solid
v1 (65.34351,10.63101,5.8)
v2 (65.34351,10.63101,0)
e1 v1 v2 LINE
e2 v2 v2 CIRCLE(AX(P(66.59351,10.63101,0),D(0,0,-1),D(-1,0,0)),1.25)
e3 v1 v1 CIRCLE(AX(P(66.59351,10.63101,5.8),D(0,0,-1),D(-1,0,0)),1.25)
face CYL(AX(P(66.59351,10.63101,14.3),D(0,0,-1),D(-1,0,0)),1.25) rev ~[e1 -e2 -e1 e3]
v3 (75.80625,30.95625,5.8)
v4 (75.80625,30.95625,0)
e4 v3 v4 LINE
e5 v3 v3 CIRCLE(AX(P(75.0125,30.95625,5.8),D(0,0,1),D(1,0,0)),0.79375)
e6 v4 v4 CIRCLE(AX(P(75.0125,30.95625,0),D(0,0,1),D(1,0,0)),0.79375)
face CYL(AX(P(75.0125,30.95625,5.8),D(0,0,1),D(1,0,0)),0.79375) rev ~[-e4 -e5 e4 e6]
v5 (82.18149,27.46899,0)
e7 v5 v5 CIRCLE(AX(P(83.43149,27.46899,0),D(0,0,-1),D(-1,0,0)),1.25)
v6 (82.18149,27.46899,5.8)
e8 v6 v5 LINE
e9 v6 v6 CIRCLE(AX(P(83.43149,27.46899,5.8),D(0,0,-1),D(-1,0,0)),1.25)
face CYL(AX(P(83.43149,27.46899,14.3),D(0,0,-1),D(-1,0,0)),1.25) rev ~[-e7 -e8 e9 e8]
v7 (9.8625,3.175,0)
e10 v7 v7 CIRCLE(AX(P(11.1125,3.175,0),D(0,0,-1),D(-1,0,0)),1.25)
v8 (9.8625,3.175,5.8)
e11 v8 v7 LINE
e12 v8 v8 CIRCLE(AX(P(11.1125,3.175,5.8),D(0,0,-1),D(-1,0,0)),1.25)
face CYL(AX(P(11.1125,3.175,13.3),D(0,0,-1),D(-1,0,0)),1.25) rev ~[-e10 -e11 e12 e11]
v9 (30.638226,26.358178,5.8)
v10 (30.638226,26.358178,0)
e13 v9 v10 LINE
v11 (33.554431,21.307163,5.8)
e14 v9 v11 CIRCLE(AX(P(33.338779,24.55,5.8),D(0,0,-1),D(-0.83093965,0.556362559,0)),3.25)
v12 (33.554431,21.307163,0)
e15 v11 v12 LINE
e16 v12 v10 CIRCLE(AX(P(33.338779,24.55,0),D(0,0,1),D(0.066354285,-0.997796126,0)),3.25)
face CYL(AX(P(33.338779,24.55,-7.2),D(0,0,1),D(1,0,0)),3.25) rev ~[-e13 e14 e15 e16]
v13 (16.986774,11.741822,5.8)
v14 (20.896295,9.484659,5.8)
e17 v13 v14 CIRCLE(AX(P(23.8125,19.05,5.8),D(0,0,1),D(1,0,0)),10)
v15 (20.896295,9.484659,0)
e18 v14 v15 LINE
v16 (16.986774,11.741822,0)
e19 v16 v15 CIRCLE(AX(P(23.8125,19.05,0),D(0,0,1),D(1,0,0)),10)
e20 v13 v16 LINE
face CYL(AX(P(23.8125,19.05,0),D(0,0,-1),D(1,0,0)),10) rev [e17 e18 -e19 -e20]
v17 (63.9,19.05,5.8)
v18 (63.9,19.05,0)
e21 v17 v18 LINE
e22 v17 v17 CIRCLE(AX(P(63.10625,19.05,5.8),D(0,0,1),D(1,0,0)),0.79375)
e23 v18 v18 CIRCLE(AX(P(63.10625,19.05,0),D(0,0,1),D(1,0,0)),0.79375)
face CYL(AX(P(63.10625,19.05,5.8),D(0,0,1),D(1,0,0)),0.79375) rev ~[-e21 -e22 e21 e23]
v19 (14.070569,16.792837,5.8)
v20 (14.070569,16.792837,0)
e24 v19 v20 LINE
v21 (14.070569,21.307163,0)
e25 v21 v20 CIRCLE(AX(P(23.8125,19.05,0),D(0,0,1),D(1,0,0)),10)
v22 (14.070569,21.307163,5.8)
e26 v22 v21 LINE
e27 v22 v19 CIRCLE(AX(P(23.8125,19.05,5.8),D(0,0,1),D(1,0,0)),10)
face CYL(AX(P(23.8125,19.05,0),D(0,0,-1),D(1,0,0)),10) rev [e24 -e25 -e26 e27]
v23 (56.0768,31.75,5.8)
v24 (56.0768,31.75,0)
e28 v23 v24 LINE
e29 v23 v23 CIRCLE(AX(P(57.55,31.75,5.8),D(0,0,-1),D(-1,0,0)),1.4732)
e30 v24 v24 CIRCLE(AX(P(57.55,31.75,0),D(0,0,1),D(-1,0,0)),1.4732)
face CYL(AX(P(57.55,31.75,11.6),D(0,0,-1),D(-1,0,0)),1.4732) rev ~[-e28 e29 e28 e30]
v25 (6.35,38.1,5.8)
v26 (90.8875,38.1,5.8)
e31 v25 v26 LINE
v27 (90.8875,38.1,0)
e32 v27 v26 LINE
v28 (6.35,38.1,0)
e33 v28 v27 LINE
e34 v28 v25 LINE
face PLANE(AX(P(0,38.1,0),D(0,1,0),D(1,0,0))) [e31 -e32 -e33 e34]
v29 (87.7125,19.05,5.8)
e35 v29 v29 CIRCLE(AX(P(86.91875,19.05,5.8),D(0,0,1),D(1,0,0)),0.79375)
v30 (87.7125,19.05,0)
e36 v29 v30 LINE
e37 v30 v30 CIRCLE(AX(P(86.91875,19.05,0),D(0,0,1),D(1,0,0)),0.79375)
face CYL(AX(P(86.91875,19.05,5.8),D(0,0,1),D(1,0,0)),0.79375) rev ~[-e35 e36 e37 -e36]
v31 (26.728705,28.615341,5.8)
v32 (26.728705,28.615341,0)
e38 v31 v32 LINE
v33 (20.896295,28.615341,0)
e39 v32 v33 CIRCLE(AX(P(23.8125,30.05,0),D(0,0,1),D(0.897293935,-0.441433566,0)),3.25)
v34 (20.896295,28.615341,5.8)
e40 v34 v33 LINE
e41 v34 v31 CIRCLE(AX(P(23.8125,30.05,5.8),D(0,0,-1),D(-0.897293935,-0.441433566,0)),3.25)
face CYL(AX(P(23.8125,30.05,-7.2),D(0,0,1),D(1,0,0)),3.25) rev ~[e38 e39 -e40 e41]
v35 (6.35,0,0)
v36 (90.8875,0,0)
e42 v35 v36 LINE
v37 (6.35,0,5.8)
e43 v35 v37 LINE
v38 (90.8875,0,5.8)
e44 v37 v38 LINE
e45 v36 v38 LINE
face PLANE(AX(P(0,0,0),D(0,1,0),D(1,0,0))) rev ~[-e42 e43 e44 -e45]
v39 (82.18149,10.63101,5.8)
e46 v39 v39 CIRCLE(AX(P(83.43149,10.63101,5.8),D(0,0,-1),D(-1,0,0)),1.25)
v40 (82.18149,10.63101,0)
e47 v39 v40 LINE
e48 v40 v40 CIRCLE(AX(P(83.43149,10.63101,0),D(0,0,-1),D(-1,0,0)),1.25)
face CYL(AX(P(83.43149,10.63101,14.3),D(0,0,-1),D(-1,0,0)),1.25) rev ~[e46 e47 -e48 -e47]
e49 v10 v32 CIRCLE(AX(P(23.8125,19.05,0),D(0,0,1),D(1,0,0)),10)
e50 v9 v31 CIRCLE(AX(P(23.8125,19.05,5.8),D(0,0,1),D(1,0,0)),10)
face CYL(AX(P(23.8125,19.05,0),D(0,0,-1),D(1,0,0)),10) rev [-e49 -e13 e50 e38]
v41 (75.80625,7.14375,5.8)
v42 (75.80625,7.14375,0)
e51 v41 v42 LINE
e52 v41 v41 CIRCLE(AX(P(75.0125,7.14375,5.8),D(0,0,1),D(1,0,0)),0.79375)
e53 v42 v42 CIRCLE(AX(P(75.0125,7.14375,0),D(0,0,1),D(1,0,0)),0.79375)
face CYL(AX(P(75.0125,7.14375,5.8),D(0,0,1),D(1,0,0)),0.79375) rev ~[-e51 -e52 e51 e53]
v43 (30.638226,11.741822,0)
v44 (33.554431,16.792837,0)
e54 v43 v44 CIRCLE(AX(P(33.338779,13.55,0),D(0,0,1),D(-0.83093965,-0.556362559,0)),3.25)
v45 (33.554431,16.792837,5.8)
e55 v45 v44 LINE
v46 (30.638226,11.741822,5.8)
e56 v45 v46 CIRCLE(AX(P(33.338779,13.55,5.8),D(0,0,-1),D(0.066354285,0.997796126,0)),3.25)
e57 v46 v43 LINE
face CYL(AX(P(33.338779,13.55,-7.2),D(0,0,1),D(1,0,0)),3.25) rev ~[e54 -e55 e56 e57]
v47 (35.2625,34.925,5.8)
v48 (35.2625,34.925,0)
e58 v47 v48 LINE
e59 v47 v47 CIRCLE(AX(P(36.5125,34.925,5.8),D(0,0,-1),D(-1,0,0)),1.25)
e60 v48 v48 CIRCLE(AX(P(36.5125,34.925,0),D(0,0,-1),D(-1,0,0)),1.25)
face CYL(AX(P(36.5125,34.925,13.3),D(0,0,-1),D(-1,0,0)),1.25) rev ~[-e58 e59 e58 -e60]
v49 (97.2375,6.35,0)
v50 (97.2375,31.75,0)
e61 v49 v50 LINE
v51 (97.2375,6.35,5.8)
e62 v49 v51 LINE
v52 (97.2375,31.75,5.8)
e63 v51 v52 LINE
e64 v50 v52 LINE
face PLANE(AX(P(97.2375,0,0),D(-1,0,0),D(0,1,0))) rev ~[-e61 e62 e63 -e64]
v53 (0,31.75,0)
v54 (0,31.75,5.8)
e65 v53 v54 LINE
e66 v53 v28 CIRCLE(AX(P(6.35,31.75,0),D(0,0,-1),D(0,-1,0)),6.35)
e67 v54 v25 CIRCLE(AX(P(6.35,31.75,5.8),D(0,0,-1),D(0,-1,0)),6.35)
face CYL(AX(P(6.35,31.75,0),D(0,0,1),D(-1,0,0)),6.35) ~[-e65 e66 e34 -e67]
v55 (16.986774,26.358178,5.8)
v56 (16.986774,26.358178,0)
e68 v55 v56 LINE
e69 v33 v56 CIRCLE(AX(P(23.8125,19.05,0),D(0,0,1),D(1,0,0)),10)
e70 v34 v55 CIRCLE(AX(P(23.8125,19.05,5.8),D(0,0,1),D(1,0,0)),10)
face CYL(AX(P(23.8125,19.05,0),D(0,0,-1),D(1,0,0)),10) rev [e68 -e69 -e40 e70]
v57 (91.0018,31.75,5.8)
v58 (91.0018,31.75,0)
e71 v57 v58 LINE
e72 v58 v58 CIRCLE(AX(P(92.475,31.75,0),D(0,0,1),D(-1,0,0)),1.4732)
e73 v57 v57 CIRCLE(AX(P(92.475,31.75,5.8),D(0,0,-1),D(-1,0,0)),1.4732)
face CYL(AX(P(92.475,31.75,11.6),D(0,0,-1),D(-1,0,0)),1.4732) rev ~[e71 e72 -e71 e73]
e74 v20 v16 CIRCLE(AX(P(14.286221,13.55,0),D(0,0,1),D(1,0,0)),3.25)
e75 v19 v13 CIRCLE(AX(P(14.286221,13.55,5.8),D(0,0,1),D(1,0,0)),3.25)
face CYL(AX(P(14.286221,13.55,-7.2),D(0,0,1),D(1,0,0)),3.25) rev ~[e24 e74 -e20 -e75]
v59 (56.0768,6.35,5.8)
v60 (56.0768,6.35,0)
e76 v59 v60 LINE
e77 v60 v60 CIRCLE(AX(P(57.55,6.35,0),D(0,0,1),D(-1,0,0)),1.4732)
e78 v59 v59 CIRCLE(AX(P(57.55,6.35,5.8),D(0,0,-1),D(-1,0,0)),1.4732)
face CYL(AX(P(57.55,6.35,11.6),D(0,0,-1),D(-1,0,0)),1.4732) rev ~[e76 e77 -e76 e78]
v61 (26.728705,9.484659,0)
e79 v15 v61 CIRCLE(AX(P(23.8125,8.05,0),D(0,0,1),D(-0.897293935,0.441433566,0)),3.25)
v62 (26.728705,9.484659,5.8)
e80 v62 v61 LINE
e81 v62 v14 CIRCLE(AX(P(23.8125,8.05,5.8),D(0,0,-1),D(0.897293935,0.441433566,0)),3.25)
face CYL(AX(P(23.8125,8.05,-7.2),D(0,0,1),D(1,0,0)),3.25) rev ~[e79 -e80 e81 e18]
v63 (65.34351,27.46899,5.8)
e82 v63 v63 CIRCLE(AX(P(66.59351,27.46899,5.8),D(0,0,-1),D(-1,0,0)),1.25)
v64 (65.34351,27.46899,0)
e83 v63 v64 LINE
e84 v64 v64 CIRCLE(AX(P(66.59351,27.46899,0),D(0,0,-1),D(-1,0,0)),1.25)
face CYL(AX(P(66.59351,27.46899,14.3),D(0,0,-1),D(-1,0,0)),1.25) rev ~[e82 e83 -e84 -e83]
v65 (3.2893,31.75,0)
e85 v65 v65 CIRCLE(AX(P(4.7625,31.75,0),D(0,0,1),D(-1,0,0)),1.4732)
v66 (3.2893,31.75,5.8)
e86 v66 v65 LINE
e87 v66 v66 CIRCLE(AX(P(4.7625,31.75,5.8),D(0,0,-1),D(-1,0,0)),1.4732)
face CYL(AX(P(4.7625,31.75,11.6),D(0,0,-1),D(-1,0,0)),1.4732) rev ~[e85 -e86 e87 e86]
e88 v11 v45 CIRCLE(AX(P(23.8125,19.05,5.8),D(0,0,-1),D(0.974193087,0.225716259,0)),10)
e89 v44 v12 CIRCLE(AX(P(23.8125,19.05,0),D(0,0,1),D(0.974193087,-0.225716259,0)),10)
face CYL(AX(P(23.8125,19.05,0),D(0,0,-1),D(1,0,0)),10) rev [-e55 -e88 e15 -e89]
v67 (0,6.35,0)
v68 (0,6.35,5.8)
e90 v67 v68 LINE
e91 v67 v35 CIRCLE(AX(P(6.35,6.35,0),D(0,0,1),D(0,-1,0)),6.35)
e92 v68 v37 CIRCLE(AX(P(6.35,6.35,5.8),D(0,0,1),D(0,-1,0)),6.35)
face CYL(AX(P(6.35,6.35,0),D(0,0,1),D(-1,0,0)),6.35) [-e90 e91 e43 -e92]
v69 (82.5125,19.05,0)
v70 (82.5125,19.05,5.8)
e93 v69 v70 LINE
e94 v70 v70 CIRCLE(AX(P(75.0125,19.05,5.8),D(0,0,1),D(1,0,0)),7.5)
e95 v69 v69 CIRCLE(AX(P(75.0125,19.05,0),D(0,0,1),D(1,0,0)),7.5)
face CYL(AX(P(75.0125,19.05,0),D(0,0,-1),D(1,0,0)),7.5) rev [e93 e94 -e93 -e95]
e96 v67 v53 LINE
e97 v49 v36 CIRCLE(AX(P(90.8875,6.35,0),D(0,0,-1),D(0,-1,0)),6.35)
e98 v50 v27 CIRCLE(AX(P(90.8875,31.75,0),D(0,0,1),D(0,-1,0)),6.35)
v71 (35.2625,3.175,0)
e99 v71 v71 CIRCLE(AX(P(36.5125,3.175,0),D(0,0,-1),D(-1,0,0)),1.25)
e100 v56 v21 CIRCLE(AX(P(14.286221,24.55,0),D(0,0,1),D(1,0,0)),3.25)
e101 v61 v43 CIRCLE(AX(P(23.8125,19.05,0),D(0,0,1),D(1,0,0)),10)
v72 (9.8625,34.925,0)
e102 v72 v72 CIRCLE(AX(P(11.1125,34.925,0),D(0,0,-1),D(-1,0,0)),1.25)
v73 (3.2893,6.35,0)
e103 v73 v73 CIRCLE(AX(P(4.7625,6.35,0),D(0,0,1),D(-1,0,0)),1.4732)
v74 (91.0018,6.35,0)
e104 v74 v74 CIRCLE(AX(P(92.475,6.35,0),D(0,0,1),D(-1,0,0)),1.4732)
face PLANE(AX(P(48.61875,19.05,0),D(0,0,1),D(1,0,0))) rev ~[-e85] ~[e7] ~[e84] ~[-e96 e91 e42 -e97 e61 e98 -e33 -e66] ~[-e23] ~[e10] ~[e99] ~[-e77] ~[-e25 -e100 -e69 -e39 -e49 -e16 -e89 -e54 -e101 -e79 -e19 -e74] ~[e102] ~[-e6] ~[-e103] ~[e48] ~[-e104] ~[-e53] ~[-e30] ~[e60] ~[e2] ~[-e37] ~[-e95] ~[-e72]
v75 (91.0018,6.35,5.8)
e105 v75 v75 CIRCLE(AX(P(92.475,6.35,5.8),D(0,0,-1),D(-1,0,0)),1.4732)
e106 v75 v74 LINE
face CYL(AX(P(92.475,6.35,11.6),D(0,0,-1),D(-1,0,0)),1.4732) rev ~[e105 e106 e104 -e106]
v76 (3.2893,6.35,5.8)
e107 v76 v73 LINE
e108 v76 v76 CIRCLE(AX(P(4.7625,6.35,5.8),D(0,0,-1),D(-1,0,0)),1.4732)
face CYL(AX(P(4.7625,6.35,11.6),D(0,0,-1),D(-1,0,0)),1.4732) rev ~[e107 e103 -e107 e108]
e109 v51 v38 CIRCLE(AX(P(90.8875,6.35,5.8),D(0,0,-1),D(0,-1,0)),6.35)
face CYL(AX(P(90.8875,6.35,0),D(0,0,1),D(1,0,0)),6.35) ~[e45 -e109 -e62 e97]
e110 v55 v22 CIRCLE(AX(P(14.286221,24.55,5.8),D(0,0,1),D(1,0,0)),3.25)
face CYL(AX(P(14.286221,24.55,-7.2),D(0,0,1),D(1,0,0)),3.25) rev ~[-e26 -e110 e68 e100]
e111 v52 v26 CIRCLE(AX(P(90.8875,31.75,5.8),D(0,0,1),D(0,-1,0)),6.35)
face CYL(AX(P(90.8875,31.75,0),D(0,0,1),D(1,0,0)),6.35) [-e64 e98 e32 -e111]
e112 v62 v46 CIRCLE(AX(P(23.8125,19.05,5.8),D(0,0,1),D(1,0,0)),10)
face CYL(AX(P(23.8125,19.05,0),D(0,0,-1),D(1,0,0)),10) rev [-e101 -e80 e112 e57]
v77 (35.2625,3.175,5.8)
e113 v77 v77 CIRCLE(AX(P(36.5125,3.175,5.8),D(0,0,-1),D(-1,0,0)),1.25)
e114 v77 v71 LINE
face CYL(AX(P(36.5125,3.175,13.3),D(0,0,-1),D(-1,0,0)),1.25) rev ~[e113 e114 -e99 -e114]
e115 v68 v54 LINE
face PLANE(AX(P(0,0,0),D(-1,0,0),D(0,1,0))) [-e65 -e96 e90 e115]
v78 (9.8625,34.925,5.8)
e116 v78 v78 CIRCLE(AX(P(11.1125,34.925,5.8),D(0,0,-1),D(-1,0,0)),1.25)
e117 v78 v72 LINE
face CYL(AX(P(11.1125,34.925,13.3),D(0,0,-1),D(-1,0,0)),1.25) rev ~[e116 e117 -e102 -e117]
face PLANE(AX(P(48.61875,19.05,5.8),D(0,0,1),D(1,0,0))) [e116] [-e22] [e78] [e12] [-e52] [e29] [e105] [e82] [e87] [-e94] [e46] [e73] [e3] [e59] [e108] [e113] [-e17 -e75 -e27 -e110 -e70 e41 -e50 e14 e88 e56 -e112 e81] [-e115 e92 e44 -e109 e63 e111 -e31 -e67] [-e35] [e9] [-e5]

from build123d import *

# Parameters (mm, degrees)
SKETCH1_W                      = 97.2375
SKETCH1_H                      = 38.1
SKETCH1_R                      = 7.5
SKETCH1_R_2                    = 10
BOSS_EXTRUDE1_DEPTH            = 5.8
CBORE_FOR_M3_SHCS1_D           = 3.2
CBORE_FOR_M3_SHCS1_CBORE_D     = 6.5
CBORE_FOR_M3_SHCS1_CBORE_DEPTH = 13
FILLET1_R                      = 6.35
F_4_CLEARANCE_HOLE1_D          = 2.9464
F_4_CLEARANCE_HOLE1_DEPTH      = 5.8
F_4_CLEARANCE_HOLE1_TIP        = 0.885187864
M3X0_5_TAPPED_HOLE1_D          = 2.5
M3X0_5_TAPPED_HOLE1_DEPTH      = 7.5
M3X0_5_TAPPED_HOLE1_TIP        = 0.751075774
M3X0_5_TAPPED_HOLE2_D          = 2.5
M3X0_5_TAPPED_HOLE2_DEPTH      = 8.5
M3X0_5_TAPPED_HOLE2_TIP        = 0.751075774
SKETCH17_R                     = 0.79375
CUT_EXTRUDE3_DEPTH             = 105.596278166


with BuildPart() as part:
    # Sketch1 → Boss-Extrude1 (new body)
    with BuildSketch(Plane.XY):
        with Locations((48.61875, 19.05)):
            Rectangle(SKETCH1_W, SKETCH1_H)
        with Locations((75.0125, 19.05)):
            Circle(SKETCH1_R, mode=Mode.SUBTRACT)
        with Locations((23.8125, 19.05)):
            Circle(SKETCH1_R_2, mode=Mode.SUBTRACT)
    extrude(amount=BOSS_EXTRUDE1_DEPTH)

    # CBORE for M3 SHCS1 (through all)
    with Locations(Plane.XY.offset(5.8)):
        with Locations((33.338779442, 13.55), (33.338779442, 24.55), (23.8125, 30.05), (14.286220558, 24.55), (14.286220558, 13.55), (23.8125, 8.05)):
            CounterBoreHole(CBORE_FOR_M3_SHCS1_D / 2, CBORE_FOR_M3_SHCS1_CBORE_D / 2, CBORE_FOR_M3_SHCS1_CBORE_DEPTH)

    # Fillet1
    fillet1_edges = [part.edges().sort_by_distance(p)[0] for p in [
        (0, 0, 2.9),
        (0, 38.1, 2.9),
        (97.2375, 38.1, 2.9),
        (97.2375, 0, 2.9),
    ]]
    fillet(fillet1_edges, radius=FILLET1_R)

    # #4 Clearance Hole1
    with Locations(Plane.XY.offset(5.8)):
        with Locations((4.7625, 31.75), (4.7625, 6.35), (92.475, 6.35), (92.475, 31.75), (57.55, 31.75), (57.55, 6.35)):
            Hole(F_4_CLEARANCE_HOLE1_D / 2, depth=F_4_CLEARANCE_HOLE1_DEPTH)
            with Locations((0, 0, -(F_4_CLEARANCE_HOLE1_DEPTH + F_4_CLEARANCE_HOLE1_TIP / 2))):  # 118° drill point
                Cone(0, F_4_CLEARANCE_HOLE1_D / 2, F_4_CLEARANCE_HOLE1_TIP, mode=Mode.SUBTRACT)

    # M3x0.5 Tapped Hole1
    with Locations(Plane.XY.offset(5.8)):
        with Locations((11.1125, 34.925), (36.5125, 34.925), (36.5125, 3.175), (11.1125, 3.175)):
            Hole(M3X0_5_TAPPED_HOLE1_D / 2, depth=M3X0_5_TAPPED_HOLE1_DEPTH)
            with Locations((0, 0, -(M3X0_5_TAPPED_HOLE1_DEPTH + M3X0_5_TAPPED_HOLE1_TIP / 2))):  # 118° drill point
                Cone(0, M3X0_5_TAPPED_HOLE1_D / 2, M3X0_5_TAPPED_HOLE1_TIP, mode=Mode.SUBTRACT)

    # M3x0.5 Tapped Hole2
    with Locations(Plane.XY.offset(5.8)):
        with Locations((66.593509886, 27.468990114), (83.431490114, 27.468990114), (83.431490114, 10.631009886), (66.593509886, 10.631009886)):
            Hole(M3X0_5_TAPPED_HOLE2_D / 2, depth=M3X0_5_TAPPED_HOLE2_DEPTH)
            with Locations((0, 0, -(M3X0_5_TAPPED_HOLE2_DEPTH + M3X0_5_TAPPED_HOLE2_TIP / 2))):  # 118° drill point
                Cone(0, M3X0_5_TAPPED_HOLE2_D / 2, M3X0_5_TAPPED_HOLE2_TIP, mode=Mode.SUBTRACT)

    # Sketch17 → Cut-Extrude3 (cut, through all)
    with BuildSketch(Plane.XY.offset(5.8)):
        with Locations((63.10625, 19.05)):
            Circle(SKETCH17_R)
        with Locations((75.0125, 7.14375)):
            Circle(SKETCH17_R)
        with Locations((86.91875, 19.05)):
            Circle(SKETCH17_R)
        with Locations((75.0125, 30.95625)):
            Circle(SKETCH17_R)
    extrude(amount=-CUT_EXTRUDE3_DEPTH, mode=Mode.SUBTRACT)


solid = part.part
